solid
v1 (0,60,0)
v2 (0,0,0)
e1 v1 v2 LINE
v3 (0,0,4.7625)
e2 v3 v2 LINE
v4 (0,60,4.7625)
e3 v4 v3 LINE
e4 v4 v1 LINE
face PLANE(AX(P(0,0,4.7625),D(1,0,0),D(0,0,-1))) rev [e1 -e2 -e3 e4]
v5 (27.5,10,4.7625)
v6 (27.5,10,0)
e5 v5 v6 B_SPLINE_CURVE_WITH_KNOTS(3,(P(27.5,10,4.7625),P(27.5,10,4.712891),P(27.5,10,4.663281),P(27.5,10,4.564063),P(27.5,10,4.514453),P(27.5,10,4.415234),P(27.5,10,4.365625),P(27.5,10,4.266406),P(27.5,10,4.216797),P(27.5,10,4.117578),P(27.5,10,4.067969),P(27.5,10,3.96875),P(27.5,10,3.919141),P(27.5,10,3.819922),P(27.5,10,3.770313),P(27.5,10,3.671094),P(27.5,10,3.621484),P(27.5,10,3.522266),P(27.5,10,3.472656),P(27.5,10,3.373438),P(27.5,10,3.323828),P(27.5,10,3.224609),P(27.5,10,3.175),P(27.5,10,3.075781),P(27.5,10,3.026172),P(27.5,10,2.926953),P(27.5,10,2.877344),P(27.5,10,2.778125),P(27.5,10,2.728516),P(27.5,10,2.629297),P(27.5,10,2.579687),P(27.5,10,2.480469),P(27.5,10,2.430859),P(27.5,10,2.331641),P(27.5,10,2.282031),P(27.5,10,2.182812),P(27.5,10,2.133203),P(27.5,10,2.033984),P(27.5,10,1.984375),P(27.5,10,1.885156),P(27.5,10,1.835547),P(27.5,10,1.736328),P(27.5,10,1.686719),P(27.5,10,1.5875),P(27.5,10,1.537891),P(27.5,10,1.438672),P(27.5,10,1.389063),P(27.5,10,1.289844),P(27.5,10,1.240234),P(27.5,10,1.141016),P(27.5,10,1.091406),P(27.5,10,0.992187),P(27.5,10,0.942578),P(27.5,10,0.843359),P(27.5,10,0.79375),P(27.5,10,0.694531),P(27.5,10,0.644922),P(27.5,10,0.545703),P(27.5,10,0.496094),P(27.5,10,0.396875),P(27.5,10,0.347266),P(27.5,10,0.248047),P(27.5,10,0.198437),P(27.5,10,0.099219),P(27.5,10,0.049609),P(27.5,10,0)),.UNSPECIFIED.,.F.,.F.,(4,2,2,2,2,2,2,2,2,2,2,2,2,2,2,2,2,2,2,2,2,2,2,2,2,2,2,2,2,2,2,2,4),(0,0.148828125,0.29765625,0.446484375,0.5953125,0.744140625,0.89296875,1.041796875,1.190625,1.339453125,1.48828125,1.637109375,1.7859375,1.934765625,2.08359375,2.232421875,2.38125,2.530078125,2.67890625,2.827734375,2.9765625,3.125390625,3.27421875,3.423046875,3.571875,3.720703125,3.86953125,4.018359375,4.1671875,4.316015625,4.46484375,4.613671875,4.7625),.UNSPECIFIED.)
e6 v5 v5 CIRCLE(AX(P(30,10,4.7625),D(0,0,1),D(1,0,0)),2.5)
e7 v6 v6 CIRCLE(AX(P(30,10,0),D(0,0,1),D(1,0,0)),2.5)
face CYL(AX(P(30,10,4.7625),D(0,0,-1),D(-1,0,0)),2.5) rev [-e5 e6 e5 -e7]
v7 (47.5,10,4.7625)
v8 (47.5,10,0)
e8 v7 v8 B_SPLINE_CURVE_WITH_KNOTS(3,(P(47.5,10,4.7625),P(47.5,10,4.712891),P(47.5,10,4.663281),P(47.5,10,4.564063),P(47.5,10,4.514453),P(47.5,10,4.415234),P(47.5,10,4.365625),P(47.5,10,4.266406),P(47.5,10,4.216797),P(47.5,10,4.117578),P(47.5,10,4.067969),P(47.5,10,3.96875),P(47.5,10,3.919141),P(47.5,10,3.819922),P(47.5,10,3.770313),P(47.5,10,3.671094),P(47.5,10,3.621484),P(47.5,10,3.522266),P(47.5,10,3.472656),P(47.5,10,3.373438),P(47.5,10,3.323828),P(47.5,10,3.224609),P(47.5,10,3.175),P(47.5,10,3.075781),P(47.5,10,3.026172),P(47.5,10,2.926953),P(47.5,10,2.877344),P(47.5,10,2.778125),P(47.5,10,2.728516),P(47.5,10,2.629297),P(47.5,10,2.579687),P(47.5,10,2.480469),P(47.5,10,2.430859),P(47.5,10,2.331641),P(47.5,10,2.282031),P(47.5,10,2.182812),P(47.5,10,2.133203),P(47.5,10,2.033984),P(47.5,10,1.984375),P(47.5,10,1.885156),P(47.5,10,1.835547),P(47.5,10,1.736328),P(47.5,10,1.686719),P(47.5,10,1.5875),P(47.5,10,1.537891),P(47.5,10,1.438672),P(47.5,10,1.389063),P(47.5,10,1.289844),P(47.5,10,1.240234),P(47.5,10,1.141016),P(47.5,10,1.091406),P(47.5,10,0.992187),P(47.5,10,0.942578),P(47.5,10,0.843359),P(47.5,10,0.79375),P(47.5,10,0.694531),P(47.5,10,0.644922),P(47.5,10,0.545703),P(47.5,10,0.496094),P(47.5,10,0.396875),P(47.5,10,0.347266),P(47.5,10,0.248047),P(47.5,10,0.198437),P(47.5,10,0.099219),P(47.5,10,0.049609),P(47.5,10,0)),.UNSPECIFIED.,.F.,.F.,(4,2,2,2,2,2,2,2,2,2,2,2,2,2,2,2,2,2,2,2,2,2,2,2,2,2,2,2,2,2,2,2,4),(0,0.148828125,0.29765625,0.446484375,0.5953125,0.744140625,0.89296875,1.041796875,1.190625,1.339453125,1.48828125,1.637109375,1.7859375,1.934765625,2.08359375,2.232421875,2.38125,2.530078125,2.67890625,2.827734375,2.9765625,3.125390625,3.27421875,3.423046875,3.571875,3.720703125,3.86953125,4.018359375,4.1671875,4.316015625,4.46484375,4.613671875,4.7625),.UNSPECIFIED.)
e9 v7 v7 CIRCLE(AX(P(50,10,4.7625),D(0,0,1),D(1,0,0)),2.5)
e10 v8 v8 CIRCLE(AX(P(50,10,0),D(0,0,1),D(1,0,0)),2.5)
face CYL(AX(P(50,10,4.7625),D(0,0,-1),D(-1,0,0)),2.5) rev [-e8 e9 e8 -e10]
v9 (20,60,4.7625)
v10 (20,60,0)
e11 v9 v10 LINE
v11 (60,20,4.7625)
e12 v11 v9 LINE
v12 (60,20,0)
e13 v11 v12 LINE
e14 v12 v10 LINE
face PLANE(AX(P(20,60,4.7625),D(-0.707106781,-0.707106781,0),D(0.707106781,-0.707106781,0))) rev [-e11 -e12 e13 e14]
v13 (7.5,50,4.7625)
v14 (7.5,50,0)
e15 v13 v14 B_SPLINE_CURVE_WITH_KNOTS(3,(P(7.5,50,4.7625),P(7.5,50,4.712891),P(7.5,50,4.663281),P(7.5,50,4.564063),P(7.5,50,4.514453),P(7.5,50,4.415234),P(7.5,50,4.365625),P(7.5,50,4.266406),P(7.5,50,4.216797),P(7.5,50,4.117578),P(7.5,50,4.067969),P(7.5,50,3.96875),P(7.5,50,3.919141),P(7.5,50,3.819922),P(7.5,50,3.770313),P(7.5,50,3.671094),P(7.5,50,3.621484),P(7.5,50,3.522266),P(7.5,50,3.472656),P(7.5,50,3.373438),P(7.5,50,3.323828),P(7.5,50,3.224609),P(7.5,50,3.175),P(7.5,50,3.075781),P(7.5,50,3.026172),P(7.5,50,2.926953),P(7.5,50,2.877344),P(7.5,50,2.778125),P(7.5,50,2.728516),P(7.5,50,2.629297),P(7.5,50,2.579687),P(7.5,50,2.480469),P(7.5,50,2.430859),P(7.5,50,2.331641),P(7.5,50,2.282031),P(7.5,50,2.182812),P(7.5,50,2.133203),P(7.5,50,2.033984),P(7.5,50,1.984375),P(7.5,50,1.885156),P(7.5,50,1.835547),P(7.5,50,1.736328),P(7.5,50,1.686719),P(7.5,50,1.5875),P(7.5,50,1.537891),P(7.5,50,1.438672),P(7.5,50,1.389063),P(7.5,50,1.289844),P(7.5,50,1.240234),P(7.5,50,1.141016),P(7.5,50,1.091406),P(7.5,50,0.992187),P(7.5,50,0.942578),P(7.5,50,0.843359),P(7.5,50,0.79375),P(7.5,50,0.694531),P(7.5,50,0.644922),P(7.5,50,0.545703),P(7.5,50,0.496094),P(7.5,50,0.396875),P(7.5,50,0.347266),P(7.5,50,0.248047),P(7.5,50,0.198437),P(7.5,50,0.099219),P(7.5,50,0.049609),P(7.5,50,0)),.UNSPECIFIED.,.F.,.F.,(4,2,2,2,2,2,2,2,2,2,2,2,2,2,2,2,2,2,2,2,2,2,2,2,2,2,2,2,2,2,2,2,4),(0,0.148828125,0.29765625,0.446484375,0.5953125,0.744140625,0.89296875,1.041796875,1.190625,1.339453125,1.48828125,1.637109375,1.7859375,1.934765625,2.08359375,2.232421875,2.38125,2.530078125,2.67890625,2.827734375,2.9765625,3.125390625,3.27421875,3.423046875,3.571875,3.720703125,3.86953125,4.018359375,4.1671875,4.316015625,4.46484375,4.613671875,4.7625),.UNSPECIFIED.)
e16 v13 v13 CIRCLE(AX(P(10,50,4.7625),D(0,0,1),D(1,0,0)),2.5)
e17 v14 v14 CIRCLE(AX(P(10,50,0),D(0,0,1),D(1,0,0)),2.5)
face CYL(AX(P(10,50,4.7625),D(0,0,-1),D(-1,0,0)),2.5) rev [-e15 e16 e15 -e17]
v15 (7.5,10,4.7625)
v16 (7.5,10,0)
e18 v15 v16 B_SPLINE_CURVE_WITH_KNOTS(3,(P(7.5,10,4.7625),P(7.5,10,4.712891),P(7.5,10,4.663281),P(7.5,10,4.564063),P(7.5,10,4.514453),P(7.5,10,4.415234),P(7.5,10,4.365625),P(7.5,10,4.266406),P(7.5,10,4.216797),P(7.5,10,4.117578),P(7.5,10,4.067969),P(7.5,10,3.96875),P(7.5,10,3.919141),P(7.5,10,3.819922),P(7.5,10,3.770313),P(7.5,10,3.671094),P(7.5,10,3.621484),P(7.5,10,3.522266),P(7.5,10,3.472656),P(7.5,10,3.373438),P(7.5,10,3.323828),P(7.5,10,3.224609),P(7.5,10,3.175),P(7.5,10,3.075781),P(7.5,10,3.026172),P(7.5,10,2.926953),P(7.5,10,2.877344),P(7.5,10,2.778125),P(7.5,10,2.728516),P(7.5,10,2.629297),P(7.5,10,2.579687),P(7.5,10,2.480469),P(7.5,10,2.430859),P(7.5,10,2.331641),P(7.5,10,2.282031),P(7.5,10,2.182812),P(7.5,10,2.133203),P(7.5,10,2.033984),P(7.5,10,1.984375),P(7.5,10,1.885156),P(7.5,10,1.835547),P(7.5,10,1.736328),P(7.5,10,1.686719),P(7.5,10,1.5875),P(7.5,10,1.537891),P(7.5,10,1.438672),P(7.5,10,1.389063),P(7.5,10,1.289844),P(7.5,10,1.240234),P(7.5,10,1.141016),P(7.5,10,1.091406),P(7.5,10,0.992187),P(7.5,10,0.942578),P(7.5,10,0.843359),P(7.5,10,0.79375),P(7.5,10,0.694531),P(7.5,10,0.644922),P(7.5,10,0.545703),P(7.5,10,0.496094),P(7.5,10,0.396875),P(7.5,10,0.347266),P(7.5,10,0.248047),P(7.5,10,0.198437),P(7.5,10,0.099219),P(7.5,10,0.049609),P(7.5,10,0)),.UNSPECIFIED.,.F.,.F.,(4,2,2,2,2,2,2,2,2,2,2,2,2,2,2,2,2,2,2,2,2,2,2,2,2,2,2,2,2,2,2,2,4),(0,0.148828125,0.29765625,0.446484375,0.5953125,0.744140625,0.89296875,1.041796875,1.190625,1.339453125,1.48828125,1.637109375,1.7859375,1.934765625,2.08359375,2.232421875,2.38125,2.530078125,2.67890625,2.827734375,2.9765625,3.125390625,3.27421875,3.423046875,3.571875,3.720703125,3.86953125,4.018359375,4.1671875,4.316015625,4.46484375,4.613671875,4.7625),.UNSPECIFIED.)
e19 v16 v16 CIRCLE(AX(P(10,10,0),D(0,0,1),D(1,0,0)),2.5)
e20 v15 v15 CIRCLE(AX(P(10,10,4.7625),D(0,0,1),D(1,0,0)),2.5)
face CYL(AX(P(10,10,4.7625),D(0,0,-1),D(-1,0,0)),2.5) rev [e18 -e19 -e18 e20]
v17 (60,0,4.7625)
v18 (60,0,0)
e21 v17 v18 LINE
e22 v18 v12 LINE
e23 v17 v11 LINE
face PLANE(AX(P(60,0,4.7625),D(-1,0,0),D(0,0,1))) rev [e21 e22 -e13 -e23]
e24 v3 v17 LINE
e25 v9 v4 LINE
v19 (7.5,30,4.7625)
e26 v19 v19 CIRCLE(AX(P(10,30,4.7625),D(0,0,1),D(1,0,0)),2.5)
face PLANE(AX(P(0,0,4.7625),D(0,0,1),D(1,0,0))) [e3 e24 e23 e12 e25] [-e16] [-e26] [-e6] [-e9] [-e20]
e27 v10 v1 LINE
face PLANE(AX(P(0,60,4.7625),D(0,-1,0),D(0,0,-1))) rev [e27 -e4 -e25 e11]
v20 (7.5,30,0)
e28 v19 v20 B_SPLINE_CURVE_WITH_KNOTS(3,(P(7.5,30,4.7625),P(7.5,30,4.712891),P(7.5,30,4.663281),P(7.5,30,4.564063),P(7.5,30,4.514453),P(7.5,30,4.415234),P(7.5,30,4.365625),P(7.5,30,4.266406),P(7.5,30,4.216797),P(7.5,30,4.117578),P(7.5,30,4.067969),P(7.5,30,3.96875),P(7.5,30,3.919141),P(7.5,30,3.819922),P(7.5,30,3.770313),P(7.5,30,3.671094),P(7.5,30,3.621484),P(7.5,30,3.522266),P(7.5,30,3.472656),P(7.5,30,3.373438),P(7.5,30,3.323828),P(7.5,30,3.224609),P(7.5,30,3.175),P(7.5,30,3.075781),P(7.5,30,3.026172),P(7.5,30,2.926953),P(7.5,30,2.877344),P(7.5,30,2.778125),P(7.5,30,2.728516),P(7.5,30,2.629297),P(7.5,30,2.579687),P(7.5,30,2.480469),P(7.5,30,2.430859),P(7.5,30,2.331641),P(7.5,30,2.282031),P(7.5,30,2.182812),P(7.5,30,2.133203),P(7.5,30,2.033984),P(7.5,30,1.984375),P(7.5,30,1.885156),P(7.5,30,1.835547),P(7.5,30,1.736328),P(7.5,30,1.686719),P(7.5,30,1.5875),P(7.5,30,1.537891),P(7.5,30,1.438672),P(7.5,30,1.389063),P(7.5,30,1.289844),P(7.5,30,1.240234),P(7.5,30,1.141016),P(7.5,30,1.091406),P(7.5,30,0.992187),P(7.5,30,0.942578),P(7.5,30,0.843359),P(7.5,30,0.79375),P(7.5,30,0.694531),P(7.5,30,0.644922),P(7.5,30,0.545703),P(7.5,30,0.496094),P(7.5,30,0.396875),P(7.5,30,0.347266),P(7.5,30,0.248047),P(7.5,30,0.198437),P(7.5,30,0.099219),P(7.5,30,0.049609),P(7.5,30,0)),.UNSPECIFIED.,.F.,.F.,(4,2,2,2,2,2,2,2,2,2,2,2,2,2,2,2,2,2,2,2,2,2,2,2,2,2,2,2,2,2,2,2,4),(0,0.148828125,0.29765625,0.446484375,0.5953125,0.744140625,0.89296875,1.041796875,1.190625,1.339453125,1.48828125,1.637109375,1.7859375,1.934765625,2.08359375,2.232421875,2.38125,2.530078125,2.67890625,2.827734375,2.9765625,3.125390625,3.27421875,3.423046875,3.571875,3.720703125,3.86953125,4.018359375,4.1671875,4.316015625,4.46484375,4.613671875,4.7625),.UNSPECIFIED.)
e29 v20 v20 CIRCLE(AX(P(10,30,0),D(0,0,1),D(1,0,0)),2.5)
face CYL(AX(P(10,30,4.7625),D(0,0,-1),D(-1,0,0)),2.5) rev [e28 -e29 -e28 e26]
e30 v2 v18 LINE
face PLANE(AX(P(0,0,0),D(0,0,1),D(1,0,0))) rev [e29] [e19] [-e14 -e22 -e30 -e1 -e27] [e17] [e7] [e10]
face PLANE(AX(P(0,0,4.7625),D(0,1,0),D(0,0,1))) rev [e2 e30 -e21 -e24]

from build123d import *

# Parameters (mm, degrees)
SKETCH1_R           = 2.5
BOSS_EXTRUDE1_DEPTH = 4.7625


with BuildPart() as part:
    # Sketch1 → Boss-Extrude1 (new body)
    with BuildSketch(Plane.XY):
        Polygon((0, 0), (0, 60), (20, 60), (60, 20), (60, 0), align=None)
        with Locations(Location((10, 10, 0), (0, 0, 180))):
            Circle(SKETCH1_R, mode=Mode.SUBTRACT)
        with Locations(Location((30, 10, 0), (0, 0, 180))):
            Circle(SKETCH1_R, mode=Mode.SUBTRACT)
        with Locations(Location((50, 10, 0), (0, 0, 180))):
            Circle(SKETCH1_R, mode=Mode.SUBTRACT)
        with Locations(Location((10, 30, 0), (0, 0, 180))):
            Circle(SKETCH1_R, mode=Mode.SUBTRACT)
        with Locations(Location((10, 50, 0), (0, 0, 180))):
            Circle(SKETCH1_R, mode=Mode.SUBTRACT)
    extrude(amount=BOSS_EXTRUDE1_DEPTH)


solid = part.part
